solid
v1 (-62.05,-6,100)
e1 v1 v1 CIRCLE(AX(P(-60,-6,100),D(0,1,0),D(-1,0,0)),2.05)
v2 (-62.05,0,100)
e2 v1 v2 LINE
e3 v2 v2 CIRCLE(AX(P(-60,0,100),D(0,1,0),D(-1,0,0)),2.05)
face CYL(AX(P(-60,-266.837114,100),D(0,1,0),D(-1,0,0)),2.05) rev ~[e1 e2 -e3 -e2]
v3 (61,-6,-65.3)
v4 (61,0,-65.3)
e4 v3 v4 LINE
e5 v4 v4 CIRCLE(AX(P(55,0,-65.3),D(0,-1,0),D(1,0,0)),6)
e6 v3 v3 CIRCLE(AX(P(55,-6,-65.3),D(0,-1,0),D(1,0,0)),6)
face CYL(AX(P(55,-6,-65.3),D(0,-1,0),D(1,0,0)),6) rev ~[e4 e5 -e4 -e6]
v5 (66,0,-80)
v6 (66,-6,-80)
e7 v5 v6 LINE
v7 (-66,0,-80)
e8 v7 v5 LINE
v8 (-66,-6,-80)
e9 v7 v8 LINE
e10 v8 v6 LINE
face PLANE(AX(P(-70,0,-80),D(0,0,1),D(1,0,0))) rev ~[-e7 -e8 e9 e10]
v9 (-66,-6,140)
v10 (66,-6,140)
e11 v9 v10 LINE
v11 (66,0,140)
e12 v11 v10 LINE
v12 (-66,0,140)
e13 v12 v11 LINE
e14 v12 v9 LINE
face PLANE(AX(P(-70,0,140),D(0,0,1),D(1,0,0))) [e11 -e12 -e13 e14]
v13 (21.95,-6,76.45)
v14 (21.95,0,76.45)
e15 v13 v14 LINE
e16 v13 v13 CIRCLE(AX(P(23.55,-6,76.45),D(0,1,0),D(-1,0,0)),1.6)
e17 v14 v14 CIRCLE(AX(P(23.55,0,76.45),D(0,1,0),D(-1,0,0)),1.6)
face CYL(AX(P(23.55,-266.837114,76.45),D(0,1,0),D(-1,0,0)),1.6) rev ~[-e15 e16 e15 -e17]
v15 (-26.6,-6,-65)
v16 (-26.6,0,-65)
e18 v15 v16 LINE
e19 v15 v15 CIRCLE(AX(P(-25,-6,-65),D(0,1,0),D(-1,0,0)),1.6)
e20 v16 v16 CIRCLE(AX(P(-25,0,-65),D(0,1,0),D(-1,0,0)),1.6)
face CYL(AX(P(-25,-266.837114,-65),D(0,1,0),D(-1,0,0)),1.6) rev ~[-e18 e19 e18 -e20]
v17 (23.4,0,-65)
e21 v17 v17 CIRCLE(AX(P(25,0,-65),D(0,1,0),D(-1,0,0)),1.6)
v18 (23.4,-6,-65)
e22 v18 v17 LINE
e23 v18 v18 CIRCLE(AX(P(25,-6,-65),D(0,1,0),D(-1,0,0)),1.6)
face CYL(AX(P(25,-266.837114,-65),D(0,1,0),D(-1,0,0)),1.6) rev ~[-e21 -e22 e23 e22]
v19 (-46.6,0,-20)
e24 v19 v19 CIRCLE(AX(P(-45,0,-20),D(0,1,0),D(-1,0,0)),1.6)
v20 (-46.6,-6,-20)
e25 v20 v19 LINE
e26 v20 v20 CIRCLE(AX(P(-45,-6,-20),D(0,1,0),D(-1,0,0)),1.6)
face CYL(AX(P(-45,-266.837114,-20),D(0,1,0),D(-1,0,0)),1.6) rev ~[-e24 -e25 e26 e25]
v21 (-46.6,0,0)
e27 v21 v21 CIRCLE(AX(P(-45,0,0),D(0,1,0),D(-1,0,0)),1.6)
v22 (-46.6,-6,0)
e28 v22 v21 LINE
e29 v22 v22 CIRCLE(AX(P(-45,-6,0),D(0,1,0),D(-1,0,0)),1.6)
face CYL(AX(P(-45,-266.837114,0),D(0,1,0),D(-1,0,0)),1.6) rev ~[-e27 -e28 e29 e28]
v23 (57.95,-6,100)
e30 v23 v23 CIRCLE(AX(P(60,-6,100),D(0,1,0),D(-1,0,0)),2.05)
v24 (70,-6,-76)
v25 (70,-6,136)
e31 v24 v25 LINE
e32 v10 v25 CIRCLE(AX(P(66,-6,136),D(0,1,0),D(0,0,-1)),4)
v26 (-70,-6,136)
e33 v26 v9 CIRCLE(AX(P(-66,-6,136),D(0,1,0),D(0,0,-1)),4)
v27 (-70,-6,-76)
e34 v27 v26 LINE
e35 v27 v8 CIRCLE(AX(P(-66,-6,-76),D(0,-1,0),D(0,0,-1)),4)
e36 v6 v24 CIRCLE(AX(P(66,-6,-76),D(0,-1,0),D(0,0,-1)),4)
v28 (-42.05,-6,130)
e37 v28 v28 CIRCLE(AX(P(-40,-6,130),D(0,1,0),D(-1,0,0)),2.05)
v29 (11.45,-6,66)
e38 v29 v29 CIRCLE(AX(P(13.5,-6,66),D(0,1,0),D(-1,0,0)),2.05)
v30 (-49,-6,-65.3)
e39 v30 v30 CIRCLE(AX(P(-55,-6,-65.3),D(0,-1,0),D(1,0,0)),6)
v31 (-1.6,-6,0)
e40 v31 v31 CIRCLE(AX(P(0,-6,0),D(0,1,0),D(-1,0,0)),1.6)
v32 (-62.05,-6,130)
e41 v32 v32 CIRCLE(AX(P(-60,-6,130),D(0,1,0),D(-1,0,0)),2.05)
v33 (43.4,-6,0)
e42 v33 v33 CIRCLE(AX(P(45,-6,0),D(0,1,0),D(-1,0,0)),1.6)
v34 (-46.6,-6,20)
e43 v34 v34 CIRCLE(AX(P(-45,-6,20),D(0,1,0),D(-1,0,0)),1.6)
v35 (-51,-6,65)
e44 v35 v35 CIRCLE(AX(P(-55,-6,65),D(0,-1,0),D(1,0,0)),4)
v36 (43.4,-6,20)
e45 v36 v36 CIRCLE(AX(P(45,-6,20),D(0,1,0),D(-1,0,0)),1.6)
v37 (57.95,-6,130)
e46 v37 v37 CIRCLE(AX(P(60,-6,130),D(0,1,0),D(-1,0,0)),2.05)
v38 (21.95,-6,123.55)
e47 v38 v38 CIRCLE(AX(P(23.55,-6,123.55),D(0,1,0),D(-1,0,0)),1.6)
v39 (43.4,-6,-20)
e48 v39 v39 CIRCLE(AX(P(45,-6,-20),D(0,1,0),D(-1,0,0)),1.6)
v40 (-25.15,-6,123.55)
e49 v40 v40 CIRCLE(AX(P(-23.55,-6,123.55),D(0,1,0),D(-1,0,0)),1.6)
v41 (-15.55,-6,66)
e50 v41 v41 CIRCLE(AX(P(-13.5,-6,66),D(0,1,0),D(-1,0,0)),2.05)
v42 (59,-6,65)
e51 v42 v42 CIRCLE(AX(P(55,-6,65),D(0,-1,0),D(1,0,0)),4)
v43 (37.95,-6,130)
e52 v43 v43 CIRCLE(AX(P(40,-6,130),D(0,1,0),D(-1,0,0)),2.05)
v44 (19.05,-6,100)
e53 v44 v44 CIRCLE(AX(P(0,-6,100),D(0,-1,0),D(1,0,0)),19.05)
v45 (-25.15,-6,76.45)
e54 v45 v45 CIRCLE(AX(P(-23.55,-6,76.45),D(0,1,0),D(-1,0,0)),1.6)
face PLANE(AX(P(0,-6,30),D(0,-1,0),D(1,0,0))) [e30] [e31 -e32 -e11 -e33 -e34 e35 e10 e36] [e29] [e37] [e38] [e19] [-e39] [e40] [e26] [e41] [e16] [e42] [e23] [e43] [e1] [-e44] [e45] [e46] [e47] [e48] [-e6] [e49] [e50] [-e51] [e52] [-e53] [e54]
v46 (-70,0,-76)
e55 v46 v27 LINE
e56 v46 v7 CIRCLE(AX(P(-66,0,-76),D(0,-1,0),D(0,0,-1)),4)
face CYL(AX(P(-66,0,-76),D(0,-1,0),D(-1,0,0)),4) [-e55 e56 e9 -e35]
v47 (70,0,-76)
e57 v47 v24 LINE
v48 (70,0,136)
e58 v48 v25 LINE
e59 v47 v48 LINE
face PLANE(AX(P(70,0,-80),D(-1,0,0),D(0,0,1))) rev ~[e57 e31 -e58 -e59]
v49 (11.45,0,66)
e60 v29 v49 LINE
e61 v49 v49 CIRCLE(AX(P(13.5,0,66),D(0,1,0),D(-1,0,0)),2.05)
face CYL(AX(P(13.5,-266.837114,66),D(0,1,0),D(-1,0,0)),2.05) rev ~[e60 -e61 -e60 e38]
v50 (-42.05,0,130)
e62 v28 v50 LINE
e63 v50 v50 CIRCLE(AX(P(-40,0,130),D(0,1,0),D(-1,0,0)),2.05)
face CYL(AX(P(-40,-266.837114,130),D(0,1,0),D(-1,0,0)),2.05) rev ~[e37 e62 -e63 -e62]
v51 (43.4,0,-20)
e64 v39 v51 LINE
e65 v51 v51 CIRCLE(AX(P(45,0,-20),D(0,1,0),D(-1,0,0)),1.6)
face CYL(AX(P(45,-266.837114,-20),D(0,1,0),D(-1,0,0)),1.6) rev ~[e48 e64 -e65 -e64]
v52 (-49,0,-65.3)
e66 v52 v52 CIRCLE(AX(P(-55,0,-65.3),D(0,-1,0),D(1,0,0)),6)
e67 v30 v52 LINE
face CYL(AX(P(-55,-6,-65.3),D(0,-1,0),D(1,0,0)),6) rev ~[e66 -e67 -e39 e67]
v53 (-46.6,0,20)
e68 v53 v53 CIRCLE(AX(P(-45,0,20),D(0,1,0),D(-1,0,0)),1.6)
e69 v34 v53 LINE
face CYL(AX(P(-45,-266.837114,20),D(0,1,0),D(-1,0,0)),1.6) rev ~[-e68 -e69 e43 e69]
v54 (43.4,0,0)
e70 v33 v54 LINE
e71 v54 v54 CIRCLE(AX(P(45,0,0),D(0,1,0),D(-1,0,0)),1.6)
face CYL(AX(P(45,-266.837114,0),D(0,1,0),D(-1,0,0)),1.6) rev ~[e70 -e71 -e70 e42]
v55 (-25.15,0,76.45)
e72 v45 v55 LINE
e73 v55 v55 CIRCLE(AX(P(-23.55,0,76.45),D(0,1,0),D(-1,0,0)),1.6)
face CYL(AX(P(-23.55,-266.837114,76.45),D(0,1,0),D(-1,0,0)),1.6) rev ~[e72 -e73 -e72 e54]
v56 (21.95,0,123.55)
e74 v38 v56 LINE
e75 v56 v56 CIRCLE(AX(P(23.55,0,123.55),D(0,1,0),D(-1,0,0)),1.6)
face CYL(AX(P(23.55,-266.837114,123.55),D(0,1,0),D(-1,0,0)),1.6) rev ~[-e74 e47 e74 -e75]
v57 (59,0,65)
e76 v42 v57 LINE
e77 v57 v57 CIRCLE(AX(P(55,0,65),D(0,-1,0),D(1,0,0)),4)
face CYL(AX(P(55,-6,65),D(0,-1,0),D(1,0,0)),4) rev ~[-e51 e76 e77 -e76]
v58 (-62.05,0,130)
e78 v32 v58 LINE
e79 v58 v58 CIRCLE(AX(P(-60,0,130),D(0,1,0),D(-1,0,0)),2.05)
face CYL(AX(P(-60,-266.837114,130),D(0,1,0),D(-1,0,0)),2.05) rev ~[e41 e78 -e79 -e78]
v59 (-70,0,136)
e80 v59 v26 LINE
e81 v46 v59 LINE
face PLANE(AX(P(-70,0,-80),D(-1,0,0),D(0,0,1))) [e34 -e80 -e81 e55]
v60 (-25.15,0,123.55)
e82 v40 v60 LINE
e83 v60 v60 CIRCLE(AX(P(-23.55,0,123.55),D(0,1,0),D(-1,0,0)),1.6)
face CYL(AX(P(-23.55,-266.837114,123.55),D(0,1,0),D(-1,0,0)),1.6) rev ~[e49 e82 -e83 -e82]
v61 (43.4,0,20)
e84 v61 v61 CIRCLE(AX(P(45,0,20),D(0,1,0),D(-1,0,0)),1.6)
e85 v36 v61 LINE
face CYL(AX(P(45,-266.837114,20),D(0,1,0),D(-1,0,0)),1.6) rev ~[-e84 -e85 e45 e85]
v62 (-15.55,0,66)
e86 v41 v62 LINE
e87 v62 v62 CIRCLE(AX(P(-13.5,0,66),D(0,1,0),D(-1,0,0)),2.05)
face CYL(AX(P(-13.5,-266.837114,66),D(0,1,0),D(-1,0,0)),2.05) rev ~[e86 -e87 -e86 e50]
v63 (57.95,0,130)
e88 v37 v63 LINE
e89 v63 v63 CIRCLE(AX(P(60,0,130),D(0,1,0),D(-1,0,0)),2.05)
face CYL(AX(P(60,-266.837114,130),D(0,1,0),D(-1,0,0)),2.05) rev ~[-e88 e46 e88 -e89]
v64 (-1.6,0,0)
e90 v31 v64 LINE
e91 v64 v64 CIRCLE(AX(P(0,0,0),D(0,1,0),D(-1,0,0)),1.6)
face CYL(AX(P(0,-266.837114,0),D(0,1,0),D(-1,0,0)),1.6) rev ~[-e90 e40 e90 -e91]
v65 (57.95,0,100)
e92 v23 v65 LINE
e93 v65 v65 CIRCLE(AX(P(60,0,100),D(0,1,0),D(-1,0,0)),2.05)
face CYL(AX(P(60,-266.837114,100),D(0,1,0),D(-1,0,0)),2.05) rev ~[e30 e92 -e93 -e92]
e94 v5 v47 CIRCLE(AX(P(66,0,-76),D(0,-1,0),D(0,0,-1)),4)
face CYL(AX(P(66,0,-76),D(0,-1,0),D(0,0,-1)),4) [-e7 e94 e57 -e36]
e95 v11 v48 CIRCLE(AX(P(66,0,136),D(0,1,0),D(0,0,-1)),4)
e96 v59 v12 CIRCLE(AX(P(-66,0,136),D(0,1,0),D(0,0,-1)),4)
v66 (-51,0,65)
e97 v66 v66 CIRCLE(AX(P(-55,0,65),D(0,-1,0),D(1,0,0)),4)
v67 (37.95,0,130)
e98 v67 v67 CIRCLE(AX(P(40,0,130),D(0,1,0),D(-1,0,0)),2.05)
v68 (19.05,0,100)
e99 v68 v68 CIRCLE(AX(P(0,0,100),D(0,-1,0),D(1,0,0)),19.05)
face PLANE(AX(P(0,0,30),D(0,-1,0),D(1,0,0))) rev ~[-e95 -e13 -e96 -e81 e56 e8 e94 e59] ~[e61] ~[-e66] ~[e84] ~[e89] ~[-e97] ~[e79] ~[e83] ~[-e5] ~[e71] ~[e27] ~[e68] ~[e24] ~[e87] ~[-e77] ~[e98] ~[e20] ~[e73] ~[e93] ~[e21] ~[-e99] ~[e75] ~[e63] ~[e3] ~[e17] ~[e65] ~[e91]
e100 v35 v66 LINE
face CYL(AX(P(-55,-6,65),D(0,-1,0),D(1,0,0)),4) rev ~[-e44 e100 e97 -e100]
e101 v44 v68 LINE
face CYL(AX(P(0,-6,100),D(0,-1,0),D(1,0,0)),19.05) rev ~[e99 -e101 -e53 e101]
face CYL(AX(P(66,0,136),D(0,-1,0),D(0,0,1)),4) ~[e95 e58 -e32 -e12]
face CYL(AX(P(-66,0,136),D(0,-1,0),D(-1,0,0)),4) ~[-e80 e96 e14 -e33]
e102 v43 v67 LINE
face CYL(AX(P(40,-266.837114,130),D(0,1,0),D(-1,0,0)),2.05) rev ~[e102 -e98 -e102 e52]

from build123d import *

# Parameters (mm, degrees)
F0_W     = 140
F0_H     = 220
F1_DEPTH = 6
F3_D     = 4.1
F4_D     = 3.2
F2_R     = 19.05
F2_R_2   = 4
F2_R_3   = 6
F5_DEPTH = 6.001
F6_R     = 4
F8_D     = 3.2
F9_D     = 4.1


with BuildPart() as f1:
    # F0 (on Front) → F1 (new body)
    with BuildSketch(Plane.XZ):
        with Locations((0, 30)):
            Rectangle(F0_W, F0_H)
    extrude(amount=F1_DEPTH)

    # F3 (through all)
    with Locations(Plane.XZ.offset(6)):
        with Locations((-13.5, 66), (13.5, 66)):
            Hole(F3_D / 2)

    # F4 (through all)
    with Locations(Plane.XZ.offset(6)):
        with Locations((-23.55, 123.55), (23.55, 123.55), (23.55, 76.45), (-23.55, 76.45)):
            Hole(F4_D / 2)

    # F2 (on face) → F5 (cut, through all)
    with BuildSketch(Plane.XZ.offset(6)):
        with Locations((0, 100)):
            Circle(F2_R)
        with Locations((-55, 65)):
            Circle(F2_R_2)
        with Locations((55, 65)):
            Circle(F2_R_2)
        with Locations((-55, -65.3)):
            Circle(F2_R_3)
        with Locations((55, -65.3)):
            Circle(F2_R_3)
    extrude(amount=-F5_DEPTH, mode=Mode.SUBTRACT)

    # F6
    f6_edges = [f1.edges().sort_by_distance(p)[0] for p in [
        (70, -3, 140),
        (-70, -3, 140),
        (-70, -3, -80),
        (70, -3, -80),
    ]]
    fillet(f6_edges, radius=F6_R)

    # F8 (through all)
    with Locations(Plane.XZ.offset(6)):
        with Locations((-45, 20), (-45, 0), (-45, -20), (-25, -65), (25, -65), (45, -20), (45, 0), (45, 20), (0, 0)):
            Hole(F8_D / 2)

    # F9 (through all)
    with Locations(Plane.XZ.offset(6)):
        with Locations((-60, 130), (-60, 100), (60, 130), (60, 100), (-40, 130), (40, 130)):
            Hole(F9_D / 2)


solid = f1.part
